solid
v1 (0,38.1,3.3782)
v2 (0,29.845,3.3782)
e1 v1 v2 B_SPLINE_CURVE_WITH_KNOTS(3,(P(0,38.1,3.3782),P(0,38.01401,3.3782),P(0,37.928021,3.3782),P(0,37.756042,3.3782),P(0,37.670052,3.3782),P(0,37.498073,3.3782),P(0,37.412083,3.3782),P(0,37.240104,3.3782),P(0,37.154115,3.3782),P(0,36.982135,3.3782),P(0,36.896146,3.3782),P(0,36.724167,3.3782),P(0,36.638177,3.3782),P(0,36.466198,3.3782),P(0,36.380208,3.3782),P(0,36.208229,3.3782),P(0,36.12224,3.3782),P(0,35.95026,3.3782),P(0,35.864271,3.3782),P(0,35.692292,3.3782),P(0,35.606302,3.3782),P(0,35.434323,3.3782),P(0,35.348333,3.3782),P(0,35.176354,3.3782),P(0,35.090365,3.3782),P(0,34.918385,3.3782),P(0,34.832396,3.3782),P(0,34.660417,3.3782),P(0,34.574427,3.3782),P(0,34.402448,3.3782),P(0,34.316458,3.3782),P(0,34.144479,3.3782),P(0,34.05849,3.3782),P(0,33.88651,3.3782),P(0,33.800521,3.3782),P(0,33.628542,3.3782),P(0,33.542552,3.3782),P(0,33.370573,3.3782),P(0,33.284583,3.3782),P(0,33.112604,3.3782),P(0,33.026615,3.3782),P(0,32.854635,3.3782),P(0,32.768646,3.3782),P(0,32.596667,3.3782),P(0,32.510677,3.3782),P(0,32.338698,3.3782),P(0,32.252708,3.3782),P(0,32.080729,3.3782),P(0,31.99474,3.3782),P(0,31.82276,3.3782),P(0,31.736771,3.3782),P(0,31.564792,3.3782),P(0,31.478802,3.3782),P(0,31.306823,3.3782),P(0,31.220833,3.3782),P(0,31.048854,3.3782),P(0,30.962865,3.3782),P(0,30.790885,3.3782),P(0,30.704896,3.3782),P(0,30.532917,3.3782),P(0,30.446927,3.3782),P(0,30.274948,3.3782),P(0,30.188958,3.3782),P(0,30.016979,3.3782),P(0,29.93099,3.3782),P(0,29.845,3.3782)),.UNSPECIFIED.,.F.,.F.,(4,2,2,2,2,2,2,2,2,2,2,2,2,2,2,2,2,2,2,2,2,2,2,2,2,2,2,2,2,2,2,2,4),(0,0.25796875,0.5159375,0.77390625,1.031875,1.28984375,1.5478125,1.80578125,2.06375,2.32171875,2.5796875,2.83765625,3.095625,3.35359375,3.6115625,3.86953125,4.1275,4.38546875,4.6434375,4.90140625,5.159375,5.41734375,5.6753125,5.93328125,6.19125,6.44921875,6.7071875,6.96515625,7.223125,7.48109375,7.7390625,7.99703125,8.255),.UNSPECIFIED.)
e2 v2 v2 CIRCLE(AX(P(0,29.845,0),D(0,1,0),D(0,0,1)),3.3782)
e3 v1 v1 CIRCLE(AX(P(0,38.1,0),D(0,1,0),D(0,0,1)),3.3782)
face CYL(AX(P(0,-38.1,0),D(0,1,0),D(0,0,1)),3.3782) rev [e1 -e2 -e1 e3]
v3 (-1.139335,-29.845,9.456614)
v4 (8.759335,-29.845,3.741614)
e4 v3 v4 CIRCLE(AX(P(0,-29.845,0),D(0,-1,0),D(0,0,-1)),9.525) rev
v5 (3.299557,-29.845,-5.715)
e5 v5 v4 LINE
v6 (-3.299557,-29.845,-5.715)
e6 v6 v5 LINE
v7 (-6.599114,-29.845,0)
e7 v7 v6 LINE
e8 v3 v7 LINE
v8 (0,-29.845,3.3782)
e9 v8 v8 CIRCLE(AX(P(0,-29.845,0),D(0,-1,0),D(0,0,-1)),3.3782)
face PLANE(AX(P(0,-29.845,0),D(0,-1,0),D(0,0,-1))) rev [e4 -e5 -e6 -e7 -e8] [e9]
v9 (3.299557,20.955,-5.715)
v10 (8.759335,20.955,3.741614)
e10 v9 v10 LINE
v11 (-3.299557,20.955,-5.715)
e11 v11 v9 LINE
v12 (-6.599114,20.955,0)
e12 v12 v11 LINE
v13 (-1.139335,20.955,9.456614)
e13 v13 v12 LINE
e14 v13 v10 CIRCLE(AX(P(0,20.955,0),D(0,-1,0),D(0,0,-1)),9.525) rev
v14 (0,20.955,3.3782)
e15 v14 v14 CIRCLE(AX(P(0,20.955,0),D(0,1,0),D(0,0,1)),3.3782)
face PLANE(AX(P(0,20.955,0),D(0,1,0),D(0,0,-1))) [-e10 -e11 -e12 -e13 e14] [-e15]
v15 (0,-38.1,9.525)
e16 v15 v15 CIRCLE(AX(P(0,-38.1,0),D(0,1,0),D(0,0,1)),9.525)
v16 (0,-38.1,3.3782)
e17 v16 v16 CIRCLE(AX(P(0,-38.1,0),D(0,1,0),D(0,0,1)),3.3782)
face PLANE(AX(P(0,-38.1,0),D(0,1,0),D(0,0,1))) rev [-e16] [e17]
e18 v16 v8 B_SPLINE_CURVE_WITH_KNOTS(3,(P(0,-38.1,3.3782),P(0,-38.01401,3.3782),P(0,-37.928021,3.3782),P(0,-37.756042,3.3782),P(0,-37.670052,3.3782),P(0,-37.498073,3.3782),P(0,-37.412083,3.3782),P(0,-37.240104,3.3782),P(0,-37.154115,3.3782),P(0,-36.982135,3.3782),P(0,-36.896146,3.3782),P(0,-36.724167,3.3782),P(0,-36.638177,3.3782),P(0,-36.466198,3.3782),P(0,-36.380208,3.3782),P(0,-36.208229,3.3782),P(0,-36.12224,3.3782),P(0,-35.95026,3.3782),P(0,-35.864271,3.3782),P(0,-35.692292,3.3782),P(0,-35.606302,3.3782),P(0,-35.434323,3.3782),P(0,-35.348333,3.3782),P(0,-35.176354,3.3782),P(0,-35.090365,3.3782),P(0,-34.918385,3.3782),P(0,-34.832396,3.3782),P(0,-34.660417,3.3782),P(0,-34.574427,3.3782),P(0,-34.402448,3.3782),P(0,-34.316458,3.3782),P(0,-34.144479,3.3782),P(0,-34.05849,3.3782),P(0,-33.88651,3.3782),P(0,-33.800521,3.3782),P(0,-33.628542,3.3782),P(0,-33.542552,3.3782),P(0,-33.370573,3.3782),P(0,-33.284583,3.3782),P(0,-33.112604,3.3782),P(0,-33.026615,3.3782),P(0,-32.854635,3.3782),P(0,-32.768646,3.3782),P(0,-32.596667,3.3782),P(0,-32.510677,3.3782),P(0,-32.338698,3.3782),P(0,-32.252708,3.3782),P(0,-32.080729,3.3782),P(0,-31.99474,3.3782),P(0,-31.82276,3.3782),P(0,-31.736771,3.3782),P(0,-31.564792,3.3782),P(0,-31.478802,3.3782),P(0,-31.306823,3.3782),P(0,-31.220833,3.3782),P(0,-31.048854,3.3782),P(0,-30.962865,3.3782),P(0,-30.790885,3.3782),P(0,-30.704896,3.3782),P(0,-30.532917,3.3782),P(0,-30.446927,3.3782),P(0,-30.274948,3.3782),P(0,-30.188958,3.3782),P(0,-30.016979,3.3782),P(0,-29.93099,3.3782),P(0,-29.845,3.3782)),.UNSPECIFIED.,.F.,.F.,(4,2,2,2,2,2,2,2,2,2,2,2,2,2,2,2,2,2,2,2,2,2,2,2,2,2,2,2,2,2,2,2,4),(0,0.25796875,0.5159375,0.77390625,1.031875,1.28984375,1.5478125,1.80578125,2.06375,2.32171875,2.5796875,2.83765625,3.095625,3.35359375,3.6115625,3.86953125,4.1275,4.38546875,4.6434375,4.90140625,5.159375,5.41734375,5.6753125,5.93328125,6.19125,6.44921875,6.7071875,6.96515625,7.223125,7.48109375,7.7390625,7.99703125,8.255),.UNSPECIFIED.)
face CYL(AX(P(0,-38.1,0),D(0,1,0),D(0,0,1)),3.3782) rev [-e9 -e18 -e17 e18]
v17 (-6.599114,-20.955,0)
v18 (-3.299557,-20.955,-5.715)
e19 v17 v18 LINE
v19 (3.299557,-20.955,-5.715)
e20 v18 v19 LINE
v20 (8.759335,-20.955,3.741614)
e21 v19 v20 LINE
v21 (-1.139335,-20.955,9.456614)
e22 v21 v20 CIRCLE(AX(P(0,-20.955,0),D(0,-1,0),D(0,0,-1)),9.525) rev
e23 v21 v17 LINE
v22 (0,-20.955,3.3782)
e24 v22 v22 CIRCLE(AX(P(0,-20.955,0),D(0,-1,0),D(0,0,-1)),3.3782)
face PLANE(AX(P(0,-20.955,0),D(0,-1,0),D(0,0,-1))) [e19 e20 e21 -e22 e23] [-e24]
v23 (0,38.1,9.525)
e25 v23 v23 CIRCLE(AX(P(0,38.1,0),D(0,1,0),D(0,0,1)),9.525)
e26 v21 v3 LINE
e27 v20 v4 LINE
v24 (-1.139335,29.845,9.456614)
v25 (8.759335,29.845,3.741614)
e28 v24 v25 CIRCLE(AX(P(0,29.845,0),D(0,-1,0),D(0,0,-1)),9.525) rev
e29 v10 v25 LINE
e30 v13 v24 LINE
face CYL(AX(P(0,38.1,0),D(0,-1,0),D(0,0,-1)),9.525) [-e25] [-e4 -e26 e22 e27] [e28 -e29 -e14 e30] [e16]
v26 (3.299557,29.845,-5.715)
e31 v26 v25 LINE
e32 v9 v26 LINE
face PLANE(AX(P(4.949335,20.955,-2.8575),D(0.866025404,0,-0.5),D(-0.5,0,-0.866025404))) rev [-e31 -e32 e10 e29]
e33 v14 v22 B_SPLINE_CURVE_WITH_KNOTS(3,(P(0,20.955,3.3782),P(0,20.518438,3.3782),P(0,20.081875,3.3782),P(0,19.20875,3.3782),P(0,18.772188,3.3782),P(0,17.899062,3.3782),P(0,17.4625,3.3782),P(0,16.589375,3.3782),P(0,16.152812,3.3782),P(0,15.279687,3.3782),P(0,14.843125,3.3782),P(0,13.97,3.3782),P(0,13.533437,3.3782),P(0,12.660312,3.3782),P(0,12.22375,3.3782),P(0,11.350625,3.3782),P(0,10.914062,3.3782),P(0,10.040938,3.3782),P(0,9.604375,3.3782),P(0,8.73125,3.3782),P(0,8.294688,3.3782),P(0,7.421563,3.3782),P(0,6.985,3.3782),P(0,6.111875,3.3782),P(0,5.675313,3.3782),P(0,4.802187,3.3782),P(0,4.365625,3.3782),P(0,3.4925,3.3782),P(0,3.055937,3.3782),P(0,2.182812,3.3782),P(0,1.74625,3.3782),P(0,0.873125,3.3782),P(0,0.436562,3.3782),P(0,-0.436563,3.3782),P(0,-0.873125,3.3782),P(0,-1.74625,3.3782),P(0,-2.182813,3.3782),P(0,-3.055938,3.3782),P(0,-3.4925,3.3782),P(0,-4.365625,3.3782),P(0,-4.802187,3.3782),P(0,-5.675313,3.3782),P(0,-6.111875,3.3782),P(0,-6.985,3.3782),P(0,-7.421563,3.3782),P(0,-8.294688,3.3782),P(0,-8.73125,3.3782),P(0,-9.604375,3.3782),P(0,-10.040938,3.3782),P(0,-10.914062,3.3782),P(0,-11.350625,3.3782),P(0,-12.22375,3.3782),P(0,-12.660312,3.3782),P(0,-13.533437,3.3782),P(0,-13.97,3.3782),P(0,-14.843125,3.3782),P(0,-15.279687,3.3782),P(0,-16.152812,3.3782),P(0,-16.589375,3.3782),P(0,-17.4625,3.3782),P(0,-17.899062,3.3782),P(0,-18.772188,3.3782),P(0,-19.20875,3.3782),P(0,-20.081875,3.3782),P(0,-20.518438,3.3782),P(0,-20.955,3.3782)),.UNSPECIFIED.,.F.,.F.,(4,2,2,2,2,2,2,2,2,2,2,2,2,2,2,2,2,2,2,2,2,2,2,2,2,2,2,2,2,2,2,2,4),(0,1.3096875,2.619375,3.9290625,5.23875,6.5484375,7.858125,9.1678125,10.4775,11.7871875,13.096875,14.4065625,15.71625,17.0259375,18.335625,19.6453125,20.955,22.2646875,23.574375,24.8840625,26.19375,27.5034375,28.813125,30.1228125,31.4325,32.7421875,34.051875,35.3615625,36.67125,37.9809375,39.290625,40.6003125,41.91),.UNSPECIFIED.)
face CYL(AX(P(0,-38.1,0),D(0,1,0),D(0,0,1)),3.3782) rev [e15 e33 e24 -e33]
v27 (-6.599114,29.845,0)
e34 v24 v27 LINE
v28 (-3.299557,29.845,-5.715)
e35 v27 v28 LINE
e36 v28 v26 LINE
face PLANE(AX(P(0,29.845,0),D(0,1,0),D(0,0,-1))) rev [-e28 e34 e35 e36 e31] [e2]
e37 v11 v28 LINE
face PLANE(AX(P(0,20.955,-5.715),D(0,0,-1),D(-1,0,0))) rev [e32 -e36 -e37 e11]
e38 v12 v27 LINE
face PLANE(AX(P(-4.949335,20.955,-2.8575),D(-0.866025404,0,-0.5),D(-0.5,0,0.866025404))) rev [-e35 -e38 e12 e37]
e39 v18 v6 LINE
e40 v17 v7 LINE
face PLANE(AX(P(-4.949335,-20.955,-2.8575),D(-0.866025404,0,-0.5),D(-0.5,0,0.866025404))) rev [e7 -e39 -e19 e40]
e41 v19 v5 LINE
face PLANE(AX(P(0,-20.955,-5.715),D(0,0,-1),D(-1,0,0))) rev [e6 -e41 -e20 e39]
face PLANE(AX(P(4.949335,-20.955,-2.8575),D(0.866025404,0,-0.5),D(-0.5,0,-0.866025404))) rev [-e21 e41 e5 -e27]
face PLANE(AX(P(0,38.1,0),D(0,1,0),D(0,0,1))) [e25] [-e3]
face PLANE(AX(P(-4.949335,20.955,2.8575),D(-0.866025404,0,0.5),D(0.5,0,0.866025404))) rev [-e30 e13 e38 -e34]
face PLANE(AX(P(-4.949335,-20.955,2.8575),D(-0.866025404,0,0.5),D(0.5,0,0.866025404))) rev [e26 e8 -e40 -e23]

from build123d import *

# Parameters (mm, degrees)
SKETCH1_R           = 9.525
BOSS_EXTRUDE1_DEPTH = 38.1
CUT_EXTRUDE1_DEPTH  = 4.445
SKETCH3_R           = 3.3782
CUT_EXTRUDE2_DEPTH  = 78.381465804


with BuildPart() as part:
    # Sketch1 → Boss-Extrude1 (new, symmetric)
    with BuildSketch(Plane(origin=(0, 0, 0), x_dir=(1, 0, 0), z_dir=(0, 1, 0))):
        with Locations(Location((0, 0, 0), (0, 0, 90))):
            Circle(SKETCH1_R)
    extrude(amount=BOSS_EXTRUDE1_DEPTH, both=True)

    # Sketch2 → Cut-Extrude1 (cut, symmetric)
    with BuildSketch(Plane(origin=(0, -25.4, 0), x_dir=(-1, 0, 0), z_dir=(0, -1, 0))):
        Polygon((-3.299556788, 5.715), (-6.599113577, 0), (6.599113577, 0), (3.299556788, 5.715), align=None)
        Polygon((6.599113577, 0), (-6.599113577, 0), (-3.299556788, -5.715), (3.299556788, -5.715), align=None)
        with BuildLine():
            ThreePointArc((1.139335183, -9.456613577), (-4.7625, -8.248891971), (-8.759335183, -3.741613577))
            Line((-8.759335183, -3.741613577), (-6.599113577, 0))
            Line((-6.599113577, 0), (-3.299556788, -5.715))
            Line((-3.299556788, -5.715), (3.299556788, -5.715))
            Line((3.299556788, -5.715), (1.139335183, -9.456613577))
        make_face()
    cut_extrude1 = extrude(amount=CUT_EXTRUDE1_DEPTH, both=True, mode=Mode.SUBTRACT)

    # Mirror1: Cut-Extrude1 across plane
    add(cut_extrude1.mirror(Plane.ZX), mode=Mode.SUBTRACT)

    # Sketch3 → Cut-Extrude2 (cut, through all)
    with BuildSketch(Plane(origin=(0, 38.1, 0), x_dir=(1, 0, 0), z_dir=(0, 1, 0))):
        with Locations(Location((0, 0, 0), (0, 0, 270))):
            Circle(SKETCH3_R)
    extrude(amount=-CUT_EXTRUDE2_DEPTH, mode=Mode.SUBTRACT)


solid = part.part
